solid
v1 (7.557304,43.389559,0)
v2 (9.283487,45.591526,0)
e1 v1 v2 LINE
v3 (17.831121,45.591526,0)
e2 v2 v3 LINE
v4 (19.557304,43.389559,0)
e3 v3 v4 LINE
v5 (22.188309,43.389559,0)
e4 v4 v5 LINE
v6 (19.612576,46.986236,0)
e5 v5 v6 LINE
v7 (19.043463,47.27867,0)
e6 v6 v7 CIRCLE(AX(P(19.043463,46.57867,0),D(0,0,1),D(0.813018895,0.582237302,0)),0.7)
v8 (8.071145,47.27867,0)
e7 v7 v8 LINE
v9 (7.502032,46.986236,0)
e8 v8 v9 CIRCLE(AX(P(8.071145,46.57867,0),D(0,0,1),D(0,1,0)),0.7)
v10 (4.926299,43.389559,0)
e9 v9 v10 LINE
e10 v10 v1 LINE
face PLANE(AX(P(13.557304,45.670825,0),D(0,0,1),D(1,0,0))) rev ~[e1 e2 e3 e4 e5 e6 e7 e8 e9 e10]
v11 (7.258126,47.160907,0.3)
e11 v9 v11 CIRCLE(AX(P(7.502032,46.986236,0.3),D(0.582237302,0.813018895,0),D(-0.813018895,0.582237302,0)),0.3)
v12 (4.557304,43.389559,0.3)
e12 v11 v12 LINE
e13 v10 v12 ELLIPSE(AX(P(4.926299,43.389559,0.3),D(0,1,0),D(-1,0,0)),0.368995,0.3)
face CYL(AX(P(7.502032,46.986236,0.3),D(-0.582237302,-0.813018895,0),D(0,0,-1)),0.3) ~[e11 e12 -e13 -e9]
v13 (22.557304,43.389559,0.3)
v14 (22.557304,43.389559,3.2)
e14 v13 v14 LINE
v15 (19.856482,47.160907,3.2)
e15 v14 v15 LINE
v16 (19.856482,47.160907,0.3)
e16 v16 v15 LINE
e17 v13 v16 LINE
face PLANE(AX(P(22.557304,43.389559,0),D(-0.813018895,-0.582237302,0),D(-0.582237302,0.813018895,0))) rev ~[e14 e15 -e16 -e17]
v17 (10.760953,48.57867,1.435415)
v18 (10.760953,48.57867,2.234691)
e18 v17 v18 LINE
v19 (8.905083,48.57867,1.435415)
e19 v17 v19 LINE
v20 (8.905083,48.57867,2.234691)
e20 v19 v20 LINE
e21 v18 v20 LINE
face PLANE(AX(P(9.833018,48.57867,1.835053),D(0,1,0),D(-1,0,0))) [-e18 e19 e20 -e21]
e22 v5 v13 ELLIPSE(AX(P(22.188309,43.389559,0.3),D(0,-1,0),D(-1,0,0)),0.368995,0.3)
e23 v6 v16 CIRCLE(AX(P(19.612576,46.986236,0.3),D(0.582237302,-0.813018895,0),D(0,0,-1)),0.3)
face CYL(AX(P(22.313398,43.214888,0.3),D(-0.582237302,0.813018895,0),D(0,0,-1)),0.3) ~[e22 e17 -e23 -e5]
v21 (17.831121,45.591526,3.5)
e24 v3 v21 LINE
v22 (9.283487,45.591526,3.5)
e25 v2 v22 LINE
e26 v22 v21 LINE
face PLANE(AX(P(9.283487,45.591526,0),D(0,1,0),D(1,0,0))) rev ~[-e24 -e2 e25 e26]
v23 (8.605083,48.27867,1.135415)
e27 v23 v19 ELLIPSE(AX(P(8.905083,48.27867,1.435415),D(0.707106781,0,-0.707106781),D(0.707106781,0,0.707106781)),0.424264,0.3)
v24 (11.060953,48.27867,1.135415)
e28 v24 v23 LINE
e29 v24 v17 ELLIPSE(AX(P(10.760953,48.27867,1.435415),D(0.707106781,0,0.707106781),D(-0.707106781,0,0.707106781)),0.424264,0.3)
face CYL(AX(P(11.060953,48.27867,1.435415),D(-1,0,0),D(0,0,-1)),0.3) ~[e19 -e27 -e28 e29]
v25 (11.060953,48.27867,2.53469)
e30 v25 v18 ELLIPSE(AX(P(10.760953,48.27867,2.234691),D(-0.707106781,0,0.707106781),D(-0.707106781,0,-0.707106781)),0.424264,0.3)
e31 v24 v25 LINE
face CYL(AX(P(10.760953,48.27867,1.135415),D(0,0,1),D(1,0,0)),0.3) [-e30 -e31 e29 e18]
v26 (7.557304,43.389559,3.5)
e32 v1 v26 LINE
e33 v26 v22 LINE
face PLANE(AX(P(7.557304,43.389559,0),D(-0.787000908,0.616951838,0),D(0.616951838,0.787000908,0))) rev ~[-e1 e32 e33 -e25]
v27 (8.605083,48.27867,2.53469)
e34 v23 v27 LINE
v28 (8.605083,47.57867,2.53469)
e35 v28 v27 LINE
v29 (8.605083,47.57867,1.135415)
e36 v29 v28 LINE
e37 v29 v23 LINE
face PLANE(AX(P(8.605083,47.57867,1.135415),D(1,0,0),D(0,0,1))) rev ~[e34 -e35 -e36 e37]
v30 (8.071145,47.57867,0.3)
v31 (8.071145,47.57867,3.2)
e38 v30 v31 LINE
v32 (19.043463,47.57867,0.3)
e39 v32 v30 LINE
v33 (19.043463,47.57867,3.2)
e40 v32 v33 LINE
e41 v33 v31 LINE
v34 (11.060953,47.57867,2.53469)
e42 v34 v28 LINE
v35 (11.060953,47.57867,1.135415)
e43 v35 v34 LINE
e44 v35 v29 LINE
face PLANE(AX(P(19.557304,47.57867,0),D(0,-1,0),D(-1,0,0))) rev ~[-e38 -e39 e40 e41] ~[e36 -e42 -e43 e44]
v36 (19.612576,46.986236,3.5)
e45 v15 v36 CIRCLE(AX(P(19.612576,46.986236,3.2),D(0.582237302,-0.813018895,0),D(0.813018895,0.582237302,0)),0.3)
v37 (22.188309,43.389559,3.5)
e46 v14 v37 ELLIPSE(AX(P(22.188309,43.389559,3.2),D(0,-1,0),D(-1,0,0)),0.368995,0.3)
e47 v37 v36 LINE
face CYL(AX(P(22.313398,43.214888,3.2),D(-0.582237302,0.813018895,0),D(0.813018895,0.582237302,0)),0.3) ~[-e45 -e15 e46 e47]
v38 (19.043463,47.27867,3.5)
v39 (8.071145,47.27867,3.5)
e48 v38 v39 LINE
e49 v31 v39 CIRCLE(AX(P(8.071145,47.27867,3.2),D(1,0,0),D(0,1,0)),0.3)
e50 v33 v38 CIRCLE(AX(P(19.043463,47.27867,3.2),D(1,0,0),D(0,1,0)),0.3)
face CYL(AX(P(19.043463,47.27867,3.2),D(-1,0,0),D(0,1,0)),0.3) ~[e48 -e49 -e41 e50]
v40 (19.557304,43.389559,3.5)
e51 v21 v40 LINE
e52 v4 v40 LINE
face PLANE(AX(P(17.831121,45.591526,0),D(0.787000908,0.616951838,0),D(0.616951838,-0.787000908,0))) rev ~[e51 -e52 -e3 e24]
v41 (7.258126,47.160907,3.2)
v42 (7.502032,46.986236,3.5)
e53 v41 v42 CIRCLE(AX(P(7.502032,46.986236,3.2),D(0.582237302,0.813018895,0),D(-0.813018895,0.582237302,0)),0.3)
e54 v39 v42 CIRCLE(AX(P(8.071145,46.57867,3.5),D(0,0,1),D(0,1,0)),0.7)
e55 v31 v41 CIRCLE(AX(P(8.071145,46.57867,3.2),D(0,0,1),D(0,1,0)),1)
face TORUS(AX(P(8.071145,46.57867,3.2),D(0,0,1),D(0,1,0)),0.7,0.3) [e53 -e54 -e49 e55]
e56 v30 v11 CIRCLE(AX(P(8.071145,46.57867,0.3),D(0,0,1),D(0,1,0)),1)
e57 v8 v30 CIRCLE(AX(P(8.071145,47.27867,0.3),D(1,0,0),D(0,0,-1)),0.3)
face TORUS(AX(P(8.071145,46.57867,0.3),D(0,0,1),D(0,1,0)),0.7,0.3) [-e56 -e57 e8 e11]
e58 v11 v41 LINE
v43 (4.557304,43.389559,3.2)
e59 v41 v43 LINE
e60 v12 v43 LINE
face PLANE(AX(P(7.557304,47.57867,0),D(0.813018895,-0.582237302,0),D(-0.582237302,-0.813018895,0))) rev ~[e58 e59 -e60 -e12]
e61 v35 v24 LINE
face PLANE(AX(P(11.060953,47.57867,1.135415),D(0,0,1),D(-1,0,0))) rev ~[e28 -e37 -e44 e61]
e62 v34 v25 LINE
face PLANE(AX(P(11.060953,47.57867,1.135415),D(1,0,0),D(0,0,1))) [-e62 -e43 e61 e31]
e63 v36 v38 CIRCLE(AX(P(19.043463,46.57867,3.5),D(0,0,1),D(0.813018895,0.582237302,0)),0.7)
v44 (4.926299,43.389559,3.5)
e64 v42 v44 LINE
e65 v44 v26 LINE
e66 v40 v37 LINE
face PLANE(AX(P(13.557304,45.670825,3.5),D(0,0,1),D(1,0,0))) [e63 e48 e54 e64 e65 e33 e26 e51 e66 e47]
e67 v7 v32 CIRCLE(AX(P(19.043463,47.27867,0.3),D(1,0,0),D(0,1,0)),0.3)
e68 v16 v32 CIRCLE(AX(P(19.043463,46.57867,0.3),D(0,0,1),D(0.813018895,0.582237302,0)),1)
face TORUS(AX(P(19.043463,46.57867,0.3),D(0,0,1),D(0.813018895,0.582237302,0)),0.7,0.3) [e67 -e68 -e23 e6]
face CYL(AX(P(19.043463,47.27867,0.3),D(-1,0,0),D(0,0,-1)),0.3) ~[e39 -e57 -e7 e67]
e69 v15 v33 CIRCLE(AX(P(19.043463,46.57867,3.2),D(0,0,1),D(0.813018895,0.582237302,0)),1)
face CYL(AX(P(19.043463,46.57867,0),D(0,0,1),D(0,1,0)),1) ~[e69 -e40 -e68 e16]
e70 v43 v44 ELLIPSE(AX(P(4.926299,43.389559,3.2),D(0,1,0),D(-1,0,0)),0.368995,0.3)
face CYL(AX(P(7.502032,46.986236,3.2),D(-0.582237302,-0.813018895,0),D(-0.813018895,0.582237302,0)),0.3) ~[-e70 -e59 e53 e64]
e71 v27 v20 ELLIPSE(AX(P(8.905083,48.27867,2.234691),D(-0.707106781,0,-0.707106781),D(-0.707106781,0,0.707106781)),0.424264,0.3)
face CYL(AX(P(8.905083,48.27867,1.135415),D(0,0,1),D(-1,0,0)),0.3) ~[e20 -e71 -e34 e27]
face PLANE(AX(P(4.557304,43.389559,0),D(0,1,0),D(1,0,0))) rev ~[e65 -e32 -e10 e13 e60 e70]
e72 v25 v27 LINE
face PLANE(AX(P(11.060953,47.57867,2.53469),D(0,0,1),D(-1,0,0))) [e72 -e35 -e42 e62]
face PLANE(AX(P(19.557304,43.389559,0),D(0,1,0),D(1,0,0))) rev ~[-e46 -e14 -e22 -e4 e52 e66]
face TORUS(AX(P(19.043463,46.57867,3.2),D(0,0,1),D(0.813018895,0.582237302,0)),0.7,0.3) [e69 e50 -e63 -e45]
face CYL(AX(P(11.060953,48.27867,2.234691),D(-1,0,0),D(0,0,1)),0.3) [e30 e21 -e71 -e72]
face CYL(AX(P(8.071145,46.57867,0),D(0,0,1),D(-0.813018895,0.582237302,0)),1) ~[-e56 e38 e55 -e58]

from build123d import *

# Parameters (mm, degrees)
F1_DEPTH = 3.5
F2_W     = 2.45587
F2_H     = 1.399275
F3_DEPTH = 1
F4_R     = 1
F5_R     = 0.3


with BuildPart() as f1:
    # F0 (on Top) → F1 (new body)
    with BuildSketch(Plane.XY):
        Polygon((7.557304, 47.57867), (4.557304, 43.389559), (7.557304, 43.389559), (9.283487, 45.591526), (13.557304, 45.591526), (17.831121, 45.591526), (19.557304, 43.389559), (22.557304, 43.389559), (19.557304, 47.57867), (13.557304, 47.57867), align=None)
    extrude(amount=F1_DEPTH)

    # F2 (on face) → F3 (join)
    with BuildSketch(Plane(origin=(0, 47.57867, 0), x_dir=(-1, 0, 0), z_dir=(0, 1, 0))):
        with Locations((-9.833018, 1.835053)):
            Rectangle(F2_W, F2_H)
    extrude(amount=F3_DEPTH)

    # F4
    f4_edges = [f1.edges().sort_by_distance(p)[0] for p in [
        (7.557304, 47.57867, 1.75),
        (19.557304, 47.57867, 1.75),
    ]]
    fillet(f4_edges, radius=F4_R)

    # F5
    f5_edges = [f1.edges().sort_by_distance(p)[0] for p in [
        (5.907715, 45.275233, 3.5),
        (13.557304, 47.57867, 0),
        (9.833018, 48.57867, 2.534691),
        (11.060953, 48.57867, 1.835054),
        (8.605083, 48.57867, 1.835054),
        (9.833018, 48.57867, 1.135416),
    ]]
    fillet(f5_edges, radius=F5_R)


solid = f1.part
